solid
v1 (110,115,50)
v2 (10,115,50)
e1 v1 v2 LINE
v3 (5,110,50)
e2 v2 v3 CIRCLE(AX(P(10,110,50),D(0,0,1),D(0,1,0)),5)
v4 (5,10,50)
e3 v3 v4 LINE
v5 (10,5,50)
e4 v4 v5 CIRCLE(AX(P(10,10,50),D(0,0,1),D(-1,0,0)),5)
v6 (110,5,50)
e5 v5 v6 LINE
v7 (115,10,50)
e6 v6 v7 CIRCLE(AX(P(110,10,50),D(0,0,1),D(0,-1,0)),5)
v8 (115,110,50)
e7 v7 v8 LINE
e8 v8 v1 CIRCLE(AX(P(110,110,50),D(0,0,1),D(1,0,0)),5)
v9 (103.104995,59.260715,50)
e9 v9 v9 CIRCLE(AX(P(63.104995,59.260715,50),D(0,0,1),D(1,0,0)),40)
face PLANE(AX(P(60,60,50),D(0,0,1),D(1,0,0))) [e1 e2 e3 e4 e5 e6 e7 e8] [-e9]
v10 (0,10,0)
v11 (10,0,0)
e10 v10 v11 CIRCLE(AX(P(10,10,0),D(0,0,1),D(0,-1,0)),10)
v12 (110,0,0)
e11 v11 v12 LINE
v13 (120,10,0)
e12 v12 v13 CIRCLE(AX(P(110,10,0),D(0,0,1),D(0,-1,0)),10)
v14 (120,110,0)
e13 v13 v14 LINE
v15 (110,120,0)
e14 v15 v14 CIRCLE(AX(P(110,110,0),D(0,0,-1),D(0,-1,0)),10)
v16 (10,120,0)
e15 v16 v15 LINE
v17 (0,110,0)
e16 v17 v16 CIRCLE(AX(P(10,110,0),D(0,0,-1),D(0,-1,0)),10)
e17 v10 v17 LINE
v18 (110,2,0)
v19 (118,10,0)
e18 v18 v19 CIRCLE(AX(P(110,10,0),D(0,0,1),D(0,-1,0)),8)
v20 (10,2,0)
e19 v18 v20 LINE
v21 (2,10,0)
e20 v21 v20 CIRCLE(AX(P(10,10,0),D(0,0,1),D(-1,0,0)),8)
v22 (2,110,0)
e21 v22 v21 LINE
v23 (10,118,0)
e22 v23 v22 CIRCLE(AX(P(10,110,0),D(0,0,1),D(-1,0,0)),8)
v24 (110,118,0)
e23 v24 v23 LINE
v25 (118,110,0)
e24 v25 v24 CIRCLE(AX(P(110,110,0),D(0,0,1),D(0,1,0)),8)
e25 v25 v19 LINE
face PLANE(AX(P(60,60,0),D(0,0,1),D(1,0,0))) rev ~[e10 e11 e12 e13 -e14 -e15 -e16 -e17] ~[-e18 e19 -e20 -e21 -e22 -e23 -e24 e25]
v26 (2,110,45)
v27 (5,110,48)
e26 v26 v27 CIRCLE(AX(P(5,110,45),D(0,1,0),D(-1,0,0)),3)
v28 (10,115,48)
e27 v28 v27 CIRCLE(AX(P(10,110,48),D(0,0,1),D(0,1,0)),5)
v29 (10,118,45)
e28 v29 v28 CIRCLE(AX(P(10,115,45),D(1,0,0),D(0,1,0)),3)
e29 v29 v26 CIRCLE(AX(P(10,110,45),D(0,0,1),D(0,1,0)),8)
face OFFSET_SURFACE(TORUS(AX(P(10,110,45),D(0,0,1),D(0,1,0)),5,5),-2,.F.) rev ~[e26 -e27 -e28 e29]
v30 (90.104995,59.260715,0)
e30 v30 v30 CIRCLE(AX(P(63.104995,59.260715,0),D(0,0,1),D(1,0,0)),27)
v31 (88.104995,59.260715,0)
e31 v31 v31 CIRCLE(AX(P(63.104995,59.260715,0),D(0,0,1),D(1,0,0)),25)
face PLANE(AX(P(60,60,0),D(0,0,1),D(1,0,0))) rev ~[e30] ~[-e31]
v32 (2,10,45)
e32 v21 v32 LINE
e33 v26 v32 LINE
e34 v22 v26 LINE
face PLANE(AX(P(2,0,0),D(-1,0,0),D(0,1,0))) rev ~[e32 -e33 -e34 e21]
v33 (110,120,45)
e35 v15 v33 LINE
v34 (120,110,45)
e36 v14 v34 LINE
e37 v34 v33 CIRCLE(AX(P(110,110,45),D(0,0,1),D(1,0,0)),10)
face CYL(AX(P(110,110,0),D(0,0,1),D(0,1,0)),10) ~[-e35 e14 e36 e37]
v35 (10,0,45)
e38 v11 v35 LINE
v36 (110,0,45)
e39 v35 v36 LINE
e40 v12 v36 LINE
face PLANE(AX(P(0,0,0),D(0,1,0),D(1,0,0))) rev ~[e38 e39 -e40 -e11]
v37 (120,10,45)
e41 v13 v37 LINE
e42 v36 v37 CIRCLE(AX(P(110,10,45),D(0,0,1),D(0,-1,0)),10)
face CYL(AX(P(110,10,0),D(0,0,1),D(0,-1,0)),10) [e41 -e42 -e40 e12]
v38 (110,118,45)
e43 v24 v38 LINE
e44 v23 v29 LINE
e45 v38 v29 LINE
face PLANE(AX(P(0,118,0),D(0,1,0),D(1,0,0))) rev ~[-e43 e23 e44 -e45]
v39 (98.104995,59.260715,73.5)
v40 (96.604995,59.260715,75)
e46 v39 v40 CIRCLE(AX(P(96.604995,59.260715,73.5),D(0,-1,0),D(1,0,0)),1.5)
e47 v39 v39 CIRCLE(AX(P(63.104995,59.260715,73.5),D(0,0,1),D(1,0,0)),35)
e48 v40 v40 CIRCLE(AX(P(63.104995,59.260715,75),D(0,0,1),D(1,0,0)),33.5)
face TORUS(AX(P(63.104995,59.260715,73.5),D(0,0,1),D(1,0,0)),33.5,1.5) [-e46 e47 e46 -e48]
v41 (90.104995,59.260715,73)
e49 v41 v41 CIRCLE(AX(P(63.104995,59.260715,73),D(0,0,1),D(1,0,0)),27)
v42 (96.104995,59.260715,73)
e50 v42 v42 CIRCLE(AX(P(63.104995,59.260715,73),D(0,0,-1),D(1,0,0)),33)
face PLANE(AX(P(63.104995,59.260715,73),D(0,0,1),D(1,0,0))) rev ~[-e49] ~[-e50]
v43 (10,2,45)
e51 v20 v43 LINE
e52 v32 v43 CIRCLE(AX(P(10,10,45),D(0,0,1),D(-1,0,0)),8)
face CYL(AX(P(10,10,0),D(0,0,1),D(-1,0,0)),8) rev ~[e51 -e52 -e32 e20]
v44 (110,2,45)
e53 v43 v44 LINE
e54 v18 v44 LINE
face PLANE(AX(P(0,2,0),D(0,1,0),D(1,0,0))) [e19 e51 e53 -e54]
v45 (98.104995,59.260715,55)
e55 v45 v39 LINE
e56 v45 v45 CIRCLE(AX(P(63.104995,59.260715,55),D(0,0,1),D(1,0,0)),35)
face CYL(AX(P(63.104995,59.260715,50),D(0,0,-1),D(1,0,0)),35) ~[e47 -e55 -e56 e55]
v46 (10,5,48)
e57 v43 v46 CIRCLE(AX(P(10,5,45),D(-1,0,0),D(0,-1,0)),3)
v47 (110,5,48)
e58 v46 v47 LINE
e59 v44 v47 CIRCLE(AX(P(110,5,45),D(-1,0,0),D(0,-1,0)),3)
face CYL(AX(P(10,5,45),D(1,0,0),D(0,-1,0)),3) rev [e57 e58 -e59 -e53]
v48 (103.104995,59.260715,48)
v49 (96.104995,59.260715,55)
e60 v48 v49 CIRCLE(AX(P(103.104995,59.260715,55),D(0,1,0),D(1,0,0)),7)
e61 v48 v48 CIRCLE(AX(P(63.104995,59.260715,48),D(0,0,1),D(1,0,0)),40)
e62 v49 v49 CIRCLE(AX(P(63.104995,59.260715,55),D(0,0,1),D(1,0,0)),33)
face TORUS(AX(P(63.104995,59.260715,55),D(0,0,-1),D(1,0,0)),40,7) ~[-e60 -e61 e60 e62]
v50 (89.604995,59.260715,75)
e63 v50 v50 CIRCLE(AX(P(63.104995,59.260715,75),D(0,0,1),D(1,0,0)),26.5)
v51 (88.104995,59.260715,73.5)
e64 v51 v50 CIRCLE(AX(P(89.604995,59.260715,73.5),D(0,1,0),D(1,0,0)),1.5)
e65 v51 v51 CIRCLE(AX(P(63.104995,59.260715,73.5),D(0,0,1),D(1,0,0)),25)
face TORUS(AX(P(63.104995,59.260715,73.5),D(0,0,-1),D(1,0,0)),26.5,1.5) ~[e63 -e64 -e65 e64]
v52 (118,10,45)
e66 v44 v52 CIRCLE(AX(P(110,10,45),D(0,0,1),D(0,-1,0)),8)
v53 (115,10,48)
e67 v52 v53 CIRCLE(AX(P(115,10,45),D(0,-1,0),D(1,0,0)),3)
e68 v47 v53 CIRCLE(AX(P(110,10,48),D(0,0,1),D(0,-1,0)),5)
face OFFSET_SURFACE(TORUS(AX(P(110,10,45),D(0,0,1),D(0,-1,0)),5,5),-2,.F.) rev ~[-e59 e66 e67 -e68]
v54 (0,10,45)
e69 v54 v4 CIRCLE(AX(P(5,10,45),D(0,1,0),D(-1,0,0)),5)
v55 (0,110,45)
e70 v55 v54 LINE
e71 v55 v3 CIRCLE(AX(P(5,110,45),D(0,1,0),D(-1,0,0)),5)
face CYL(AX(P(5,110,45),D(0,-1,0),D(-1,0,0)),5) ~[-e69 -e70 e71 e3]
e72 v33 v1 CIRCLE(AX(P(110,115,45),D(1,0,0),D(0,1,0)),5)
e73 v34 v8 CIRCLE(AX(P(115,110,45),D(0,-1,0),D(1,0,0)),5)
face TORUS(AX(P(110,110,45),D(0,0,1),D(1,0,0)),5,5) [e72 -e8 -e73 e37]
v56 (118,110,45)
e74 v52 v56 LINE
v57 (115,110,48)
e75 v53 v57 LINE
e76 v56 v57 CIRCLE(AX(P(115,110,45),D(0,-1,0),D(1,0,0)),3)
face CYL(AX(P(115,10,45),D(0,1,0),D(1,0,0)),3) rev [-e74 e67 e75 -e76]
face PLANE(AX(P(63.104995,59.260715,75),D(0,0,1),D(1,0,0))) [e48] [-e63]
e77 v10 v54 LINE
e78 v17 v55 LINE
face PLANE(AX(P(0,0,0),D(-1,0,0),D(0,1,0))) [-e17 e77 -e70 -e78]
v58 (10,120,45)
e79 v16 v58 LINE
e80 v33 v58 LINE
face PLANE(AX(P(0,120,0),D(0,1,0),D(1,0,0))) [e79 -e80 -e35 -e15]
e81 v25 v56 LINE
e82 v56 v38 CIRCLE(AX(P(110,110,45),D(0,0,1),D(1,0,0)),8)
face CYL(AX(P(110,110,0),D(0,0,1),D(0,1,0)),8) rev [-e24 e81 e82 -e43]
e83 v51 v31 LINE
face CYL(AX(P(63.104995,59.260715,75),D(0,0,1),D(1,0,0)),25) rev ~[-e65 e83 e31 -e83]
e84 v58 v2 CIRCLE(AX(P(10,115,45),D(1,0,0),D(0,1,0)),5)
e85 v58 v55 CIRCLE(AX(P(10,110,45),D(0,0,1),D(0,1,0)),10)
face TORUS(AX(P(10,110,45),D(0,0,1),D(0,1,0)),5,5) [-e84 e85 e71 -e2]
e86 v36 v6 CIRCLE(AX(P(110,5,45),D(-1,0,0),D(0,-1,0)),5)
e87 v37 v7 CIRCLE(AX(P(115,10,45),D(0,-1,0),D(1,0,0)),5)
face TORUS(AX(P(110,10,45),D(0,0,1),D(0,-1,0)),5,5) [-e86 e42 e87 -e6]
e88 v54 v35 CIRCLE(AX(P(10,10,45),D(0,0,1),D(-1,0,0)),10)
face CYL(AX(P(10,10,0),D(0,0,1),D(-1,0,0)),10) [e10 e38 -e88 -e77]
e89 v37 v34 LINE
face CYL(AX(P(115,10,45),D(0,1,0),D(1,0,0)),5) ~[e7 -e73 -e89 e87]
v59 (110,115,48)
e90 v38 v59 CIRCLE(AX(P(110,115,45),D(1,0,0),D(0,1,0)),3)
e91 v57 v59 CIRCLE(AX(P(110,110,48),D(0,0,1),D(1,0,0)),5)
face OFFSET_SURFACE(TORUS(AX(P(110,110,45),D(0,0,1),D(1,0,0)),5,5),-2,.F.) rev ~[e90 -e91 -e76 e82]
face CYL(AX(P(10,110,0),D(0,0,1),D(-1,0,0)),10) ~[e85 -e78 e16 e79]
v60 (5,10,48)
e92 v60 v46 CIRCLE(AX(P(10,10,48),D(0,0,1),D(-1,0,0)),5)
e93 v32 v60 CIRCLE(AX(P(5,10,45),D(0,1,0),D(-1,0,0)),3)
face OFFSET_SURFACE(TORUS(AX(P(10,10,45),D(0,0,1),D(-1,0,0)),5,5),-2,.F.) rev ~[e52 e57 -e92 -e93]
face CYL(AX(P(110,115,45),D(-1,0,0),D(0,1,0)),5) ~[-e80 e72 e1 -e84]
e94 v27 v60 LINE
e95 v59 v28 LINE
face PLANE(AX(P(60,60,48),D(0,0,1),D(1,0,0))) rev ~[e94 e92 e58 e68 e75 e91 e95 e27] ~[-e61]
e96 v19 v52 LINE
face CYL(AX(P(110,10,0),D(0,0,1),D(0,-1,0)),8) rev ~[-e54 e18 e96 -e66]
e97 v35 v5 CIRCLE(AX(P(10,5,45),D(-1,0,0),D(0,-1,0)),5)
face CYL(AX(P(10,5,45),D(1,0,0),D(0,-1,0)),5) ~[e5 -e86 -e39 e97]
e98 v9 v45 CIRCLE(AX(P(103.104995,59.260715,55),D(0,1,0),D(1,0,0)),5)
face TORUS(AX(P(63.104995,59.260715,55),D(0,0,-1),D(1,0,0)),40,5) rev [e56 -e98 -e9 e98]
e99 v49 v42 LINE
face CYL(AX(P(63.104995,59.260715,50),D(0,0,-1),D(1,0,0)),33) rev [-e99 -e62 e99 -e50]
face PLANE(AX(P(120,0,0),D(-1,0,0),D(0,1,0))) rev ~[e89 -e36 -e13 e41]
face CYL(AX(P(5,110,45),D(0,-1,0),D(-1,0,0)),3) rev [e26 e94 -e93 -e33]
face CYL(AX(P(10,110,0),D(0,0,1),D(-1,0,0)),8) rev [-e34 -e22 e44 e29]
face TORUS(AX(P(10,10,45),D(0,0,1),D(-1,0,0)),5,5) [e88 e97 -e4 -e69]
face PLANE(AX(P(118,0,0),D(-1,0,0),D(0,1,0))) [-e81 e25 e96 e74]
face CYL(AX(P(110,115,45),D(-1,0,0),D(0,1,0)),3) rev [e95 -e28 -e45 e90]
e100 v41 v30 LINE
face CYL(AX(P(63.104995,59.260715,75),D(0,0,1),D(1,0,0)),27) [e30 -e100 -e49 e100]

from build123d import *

# Parameters (mm, degrees)
SKETCH1_W           = 120
SKETCH1_H           = 120
BOSS_EXTRUDE1_DEPTH = 50
SKETCH2_R           = 35
BOSS_EXTRUDE2_DEPTH = 25
SKETCH3_R           = 25
CUT_EXTRUDE1_DEPTH  = 76
FILLET1_R           = 10
FILLET5_R           = 1.5
FILLET6_R           = 5
SHELL1_T            = -2


with BuildPart() as part:
    # Sketch1 → Boss-Extrude1 (new body)
    with BuildSketch(Plane.XY):
        with Locations((60, 60)):
            Rectangle(SKETCH1_W, SKETCH1_H)
    extrude(amount=BOSS_EXTRUDE1_DEPTH)

    # Sketch2 → Boss-Extrude2 (add)
    with BuildSketch(Plane.XY.offset(50)):
        with Locations((63.104995211, 59.260715426)):
            Circle(SKETCH2_R)
    extrude(amount=BOSS_EXTRUDE2_DEPTH)

    # Sketch3 → Cut-Extrude1 (cut, through all)
    with BuildSketch(Plane.XY.offset(75)):
        with Locations((63.104995211, 59.260715426)):
            Circle(SKETCH3_R)
    extrude(amount=-CUT_EXTRUDE1_DEPTH, mode=Mode.SUBTRACT)

    # Fillet1
    fillet1_edges = [part.edges().sort_by_distance(p)[0] for p in [
        (0, 120, 25),
        (120, 120, 25),
        (120, 0, 25),
        (0, 0, 25),
    ]]
    fillet(fillet1_edges, radius=FILLET1_R)

    # Fillet5
    fillet5_edges = [part.edges().sort_by_distance(p)[0] for p in [
        (28.104995211, 59.260715426, 75),
        (38.104995211, 59.260715426, 75),
    ]]
    fillet(fillet5_edges, radius=FILLET5_R)

    # Fillet6
    fillet6_edges = [part.edges().sort_by_distance(p)[0] for p in [
        (28.104995211, 59.260715426, 50),
        (60, 0, 50),
        (0, 60, 50),
        (120, 60, 50),
        (60, 120, 50),
        (117.071067812, 117.071067812, 50),
        (117.071067812, 2.928932188, 50),
        (2.928932188, 117.071067812, 50),
        (2.928932188, 2.928932188, 50),
    ]]
    fillet(fillet6_edges, radius=FILLET6_R)

    # Shell1
    shell1_openings = [part.faces().sort_by_distance(p)[0] for p in [
        (88.104995211, 59.260715426, 0),
    ]]
    offset(amount=SHELL1_T, openings=shell1_openings, kind=Kind.INTERSECTION)


solid = part.part
